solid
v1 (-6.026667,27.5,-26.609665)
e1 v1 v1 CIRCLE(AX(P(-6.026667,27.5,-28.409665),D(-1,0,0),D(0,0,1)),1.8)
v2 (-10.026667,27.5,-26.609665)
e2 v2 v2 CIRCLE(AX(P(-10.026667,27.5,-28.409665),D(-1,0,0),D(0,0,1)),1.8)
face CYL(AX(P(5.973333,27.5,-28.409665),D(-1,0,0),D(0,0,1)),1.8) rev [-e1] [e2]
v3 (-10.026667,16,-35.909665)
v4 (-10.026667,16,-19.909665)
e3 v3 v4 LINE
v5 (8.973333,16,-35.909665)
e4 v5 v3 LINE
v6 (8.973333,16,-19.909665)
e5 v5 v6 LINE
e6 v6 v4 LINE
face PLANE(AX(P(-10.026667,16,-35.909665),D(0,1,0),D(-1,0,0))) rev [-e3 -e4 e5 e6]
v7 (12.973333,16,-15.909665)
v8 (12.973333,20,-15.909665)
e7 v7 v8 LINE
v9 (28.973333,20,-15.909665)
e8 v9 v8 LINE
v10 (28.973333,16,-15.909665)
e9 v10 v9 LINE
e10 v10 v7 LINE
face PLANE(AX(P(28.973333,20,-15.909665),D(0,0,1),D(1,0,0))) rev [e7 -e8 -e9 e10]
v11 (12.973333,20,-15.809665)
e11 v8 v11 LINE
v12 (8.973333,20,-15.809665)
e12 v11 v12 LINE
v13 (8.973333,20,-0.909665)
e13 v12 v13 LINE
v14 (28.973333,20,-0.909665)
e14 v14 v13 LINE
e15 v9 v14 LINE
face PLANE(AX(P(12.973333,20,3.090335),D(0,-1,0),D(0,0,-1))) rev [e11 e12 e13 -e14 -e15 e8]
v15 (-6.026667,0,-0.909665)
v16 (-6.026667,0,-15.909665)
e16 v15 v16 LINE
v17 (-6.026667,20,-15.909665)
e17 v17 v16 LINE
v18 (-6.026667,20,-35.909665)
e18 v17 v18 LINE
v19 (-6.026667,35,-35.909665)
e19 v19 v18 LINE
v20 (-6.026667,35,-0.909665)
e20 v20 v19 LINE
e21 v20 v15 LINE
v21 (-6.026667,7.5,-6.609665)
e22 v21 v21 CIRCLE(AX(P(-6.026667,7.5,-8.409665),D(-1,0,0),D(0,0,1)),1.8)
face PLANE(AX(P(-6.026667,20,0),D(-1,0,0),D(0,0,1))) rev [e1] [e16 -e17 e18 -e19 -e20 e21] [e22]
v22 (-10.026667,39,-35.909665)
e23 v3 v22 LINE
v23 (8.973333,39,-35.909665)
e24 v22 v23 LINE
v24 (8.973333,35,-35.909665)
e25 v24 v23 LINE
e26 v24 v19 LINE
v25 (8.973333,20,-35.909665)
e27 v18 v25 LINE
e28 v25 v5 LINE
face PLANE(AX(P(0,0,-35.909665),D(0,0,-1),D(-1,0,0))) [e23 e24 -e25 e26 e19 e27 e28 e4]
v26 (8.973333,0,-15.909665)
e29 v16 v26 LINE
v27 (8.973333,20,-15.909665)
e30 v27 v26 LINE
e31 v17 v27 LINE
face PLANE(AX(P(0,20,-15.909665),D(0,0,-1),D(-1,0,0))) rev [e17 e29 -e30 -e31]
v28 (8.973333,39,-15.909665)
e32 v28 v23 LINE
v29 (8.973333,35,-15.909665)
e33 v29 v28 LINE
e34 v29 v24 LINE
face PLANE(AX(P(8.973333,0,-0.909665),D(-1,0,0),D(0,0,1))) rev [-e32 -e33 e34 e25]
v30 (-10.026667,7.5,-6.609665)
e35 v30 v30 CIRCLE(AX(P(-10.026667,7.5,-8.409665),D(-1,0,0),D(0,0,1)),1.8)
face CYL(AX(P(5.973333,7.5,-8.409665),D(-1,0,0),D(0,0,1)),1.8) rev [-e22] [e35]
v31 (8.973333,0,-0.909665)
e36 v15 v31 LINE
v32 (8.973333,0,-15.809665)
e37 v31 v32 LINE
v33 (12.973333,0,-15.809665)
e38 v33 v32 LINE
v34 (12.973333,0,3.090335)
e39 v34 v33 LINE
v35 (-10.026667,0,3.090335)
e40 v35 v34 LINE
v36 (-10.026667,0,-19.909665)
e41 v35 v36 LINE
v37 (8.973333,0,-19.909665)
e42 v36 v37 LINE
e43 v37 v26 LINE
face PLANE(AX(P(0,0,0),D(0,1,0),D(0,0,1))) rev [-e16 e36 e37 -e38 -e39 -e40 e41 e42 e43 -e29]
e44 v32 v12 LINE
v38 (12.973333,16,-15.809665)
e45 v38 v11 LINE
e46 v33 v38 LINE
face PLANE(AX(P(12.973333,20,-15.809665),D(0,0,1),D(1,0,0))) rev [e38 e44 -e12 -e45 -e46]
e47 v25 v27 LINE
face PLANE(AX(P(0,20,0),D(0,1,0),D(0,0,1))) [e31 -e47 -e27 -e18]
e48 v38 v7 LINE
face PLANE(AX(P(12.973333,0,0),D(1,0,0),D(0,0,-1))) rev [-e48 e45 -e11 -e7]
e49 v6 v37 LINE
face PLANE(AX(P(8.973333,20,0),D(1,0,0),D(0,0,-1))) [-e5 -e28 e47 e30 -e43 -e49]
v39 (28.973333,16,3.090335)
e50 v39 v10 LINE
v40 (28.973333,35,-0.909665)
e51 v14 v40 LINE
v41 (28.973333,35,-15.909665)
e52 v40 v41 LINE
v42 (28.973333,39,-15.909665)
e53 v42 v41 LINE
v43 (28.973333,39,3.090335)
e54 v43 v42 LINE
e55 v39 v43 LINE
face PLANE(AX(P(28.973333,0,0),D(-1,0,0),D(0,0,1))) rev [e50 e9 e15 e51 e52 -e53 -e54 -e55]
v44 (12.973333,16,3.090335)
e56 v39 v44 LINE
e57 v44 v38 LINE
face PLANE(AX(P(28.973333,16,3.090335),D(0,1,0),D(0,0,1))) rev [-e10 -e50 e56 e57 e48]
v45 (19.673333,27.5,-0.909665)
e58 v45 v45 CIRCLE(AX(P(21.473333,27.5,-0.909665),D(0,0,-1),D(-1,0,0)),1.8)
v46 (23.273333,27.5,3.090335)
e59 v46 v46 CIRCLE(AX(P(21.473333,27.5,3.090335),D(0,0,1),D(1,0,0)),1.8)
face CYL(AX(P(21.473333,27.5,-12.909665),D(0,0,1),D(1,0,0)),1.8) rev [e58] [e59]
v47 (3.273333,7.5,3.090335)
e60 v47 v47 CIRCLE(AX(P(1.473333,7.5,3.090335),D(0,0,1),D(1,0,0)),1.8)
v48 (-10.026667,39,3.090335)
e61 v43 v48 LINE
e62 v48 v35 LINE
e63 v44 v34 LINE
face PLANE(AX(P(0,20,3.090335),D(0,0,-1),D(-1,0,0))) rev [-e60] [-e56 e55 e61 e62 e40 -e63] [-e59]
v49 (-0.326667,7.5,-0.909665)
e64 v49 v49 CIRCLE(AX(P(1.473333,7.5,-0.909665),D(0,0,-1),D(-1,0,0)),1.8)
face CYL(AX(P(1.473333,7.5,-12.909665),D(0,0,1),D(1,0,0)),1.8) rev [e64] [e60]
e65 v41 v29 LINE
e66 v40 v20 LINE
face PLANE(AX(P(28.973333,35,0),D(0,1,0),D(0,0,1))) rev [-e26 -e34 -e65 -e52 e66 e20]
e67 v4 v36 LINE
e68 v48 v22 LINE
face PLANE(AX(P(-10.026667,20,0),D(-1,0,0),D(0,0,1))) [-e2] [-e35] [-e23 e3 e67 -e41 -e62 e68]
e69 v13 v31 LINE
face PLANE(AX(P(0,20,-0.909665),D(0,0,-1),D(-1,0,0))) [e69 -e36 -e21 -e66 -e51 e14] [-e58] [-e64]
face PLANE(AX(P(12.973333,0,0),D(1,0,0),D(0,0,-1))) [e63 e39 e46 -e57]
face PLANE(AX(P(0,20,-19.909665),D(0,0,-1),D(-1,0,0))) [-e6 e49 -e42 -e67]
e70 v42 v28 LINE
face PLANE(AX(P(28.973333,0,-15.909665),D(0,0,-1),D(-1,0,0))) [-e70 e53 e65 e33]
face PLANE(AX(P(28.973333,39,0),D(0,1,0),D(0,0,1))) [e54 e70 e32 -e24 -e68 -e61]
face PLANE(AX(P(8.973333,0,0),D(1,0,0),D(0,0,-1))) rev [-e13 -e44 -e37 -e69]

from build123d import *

# Parameters (mm, degrees)
EXTRUDE_1_DEPTH      = 20
SKETCH_2_W           = 18.9
SKETCH_2_H           = 20
EXTRUDE_2_DEPTH      = 4
SKETCH_3_W           = 15
SKETCH_3_H           = 4
EXTRUDE_3_DEPTH      = 39
SKETCH_4_W           = 19
SKETCH_4_H           = 4
EXTRUDE_4_DEPTH      = 16
SKETCH_5_W           = 4
SKETCH_5_H           = 15
EXTRUDE_5_DEPTH      = 20
EXTRUDE_5_DEPTH_BACK = 15
SKETCH_6_W           = 19
SKETCH_6_H           = 4
EXTRUDE_6_DEPTH      = 16
SKETCH_7_R           = 1.8
CUT_EXTRUDE_1_DEPTH  = 16
SKETCH_8_R           = 1.8
CUT_EXTRUDE_2_DEPTH  = 16
SKETCH_9_R           = 1.8
CUT_EXTRUDE_3_DEPTH  = 16


with BuildPart() as part:
    # 草图1 → 凸台-拉伸1 (new body)
    with BuildSketch(Plane(origin=(0, 0, 0), x_dir=(1, 0, 0), z_dir=(0, 1, 0))):
        Polygon((8.973333333, -3.090335191), (8.973333333, 0.909664809), (-6.026666667, 0.909664809), (-6.026666667, 15.909664809), (8.973333333, 15.909664809), (8.973333333, 19.909664809), (-4.573333333, 19.909664809), (-10.026666667, 19.909664809), (-10.026666667, 0.495974831), (-10.026666667, -3.090335191), align=None)
    extrude(amount=EXTRUDE_1_DEPTH)



with BuildPart() as body_2:
    # 草图2 → 凸台-拉伸2 (new body)
    with BuildSketch(Plane(origin=(8.973333333, 0, 0), x_dir=(0, 0, -1), z_dir=(1, 0, 0))):
        with Locations((6.359664809, 10)):
            Rectangle(SKETCH_2_W, SKETCH_2_H)
    extrude(amount=EXTRUDE_2_DEPTH)


with BuildPart() as part_1:
    add(part.part)

    add(body_2.part)  # 凸台-拉伸3 merges body 2
    # 草图3 → 凸台-拉伸3 (add)
    with BuildSketch(Plane.ZY.offset(10.026666667)):
        with Locations((-8.409664809, 37)):
            Rectangle(SKETCH_3_W, SKETCH_3_H)
        Polygon((-0.909664809, 20), (3.090335191, 20), (3.090335191, 39), (-0.909664809, 39), (-0.909664809, 35), align=None)
    extrude(amount=-EXTRUDE_3_DEPTH)

    # 草图4 → 凸台-拉伸4 (add)
    with BuildSketch(Plane(origin=(12.973333333, 0, 0), x_dir=(0, 0, -1), z_dir=(1, 0, 0))):
        with Locations((6.409664809, 18)):
            Rectangle(SKETCH_4_W, SKETCH_4_H)
    extrude(amount=EXTRUDE_4_DEPTH)

    # 草图5 → 凸台-拉伸5 (add, two sides)
    with BuildSketch(Plane(origin=(0, 0, -15.909664809), x_dir=(-1, 0, 0), z_dir=(0, 0, -1))) as extrude_5_sk:
        Polygon((6.026666667, 35), (10.026666667, 35), (10.026666667, 39), (-8.973333333, 39), (-8.973333333, 35), align=None)
        with Locations((8.026666667, 27.5)):
            Rectangle(SKETCH_5_W, SKETCH_5_H)
    extrude(amount=EXTRUDE_5_DEPTH)
    extrude(extrude_5_sk.sketch, amount=-EXTRUDE_5_DEPTH_BACK)

    # 草图6 → 凸台-拉伸6 (add)
    with BuildSketch(Plane(origin=(0, 0, -19.909664809), x_dir=(-1, 0, 0), z_dir=(0, 0, -1))):
        with Locations((0.526666667, 18)):
            Rectangle(SKETCH_6_W, SKETCH_6_H)
    extrude(amount=EXTRUDE_6_DEPTH)

    # 草图7 → 切除-拉伸1 (cut)
    with BuildSketch(Plane.XY.offset(3.090335191)):
        with Locations((21.473333333, 27.5)):
            Circle(SKETCH_7_R)
    extrude(amount=-CUT_EXTRUDE_1_DEPTH, mode=Mode.SUBTRACT)

    # 草图8 → 切除-拉伸2 (cut)
    with BuildSketch(Plane.ZY.offset(10.026666667)):
        with Locations((-28.409664809, 27.5)):
            Circle(SKETCH_8_R)
        with Locations((-8.409664809, 7.5)):
            Circle(SKETCH_8_R)
    extrude(amount=-CUT_EXTRUDE_2_DEPTH, mode=Mode.SUBTRACT)

    # 草图9 → 切除-拉伸3 (cut)
    with BuildSketch(Plane.XY.offset(3.090335191)):
        with Locations((1.473333333, 7.5)):
            Circle(SKETCH_9_R)
    extrude(amount=-CUT_EXTRUDE_3_DEPTH, mode=Mode.SUBTRACT)


solid = part_1.part
